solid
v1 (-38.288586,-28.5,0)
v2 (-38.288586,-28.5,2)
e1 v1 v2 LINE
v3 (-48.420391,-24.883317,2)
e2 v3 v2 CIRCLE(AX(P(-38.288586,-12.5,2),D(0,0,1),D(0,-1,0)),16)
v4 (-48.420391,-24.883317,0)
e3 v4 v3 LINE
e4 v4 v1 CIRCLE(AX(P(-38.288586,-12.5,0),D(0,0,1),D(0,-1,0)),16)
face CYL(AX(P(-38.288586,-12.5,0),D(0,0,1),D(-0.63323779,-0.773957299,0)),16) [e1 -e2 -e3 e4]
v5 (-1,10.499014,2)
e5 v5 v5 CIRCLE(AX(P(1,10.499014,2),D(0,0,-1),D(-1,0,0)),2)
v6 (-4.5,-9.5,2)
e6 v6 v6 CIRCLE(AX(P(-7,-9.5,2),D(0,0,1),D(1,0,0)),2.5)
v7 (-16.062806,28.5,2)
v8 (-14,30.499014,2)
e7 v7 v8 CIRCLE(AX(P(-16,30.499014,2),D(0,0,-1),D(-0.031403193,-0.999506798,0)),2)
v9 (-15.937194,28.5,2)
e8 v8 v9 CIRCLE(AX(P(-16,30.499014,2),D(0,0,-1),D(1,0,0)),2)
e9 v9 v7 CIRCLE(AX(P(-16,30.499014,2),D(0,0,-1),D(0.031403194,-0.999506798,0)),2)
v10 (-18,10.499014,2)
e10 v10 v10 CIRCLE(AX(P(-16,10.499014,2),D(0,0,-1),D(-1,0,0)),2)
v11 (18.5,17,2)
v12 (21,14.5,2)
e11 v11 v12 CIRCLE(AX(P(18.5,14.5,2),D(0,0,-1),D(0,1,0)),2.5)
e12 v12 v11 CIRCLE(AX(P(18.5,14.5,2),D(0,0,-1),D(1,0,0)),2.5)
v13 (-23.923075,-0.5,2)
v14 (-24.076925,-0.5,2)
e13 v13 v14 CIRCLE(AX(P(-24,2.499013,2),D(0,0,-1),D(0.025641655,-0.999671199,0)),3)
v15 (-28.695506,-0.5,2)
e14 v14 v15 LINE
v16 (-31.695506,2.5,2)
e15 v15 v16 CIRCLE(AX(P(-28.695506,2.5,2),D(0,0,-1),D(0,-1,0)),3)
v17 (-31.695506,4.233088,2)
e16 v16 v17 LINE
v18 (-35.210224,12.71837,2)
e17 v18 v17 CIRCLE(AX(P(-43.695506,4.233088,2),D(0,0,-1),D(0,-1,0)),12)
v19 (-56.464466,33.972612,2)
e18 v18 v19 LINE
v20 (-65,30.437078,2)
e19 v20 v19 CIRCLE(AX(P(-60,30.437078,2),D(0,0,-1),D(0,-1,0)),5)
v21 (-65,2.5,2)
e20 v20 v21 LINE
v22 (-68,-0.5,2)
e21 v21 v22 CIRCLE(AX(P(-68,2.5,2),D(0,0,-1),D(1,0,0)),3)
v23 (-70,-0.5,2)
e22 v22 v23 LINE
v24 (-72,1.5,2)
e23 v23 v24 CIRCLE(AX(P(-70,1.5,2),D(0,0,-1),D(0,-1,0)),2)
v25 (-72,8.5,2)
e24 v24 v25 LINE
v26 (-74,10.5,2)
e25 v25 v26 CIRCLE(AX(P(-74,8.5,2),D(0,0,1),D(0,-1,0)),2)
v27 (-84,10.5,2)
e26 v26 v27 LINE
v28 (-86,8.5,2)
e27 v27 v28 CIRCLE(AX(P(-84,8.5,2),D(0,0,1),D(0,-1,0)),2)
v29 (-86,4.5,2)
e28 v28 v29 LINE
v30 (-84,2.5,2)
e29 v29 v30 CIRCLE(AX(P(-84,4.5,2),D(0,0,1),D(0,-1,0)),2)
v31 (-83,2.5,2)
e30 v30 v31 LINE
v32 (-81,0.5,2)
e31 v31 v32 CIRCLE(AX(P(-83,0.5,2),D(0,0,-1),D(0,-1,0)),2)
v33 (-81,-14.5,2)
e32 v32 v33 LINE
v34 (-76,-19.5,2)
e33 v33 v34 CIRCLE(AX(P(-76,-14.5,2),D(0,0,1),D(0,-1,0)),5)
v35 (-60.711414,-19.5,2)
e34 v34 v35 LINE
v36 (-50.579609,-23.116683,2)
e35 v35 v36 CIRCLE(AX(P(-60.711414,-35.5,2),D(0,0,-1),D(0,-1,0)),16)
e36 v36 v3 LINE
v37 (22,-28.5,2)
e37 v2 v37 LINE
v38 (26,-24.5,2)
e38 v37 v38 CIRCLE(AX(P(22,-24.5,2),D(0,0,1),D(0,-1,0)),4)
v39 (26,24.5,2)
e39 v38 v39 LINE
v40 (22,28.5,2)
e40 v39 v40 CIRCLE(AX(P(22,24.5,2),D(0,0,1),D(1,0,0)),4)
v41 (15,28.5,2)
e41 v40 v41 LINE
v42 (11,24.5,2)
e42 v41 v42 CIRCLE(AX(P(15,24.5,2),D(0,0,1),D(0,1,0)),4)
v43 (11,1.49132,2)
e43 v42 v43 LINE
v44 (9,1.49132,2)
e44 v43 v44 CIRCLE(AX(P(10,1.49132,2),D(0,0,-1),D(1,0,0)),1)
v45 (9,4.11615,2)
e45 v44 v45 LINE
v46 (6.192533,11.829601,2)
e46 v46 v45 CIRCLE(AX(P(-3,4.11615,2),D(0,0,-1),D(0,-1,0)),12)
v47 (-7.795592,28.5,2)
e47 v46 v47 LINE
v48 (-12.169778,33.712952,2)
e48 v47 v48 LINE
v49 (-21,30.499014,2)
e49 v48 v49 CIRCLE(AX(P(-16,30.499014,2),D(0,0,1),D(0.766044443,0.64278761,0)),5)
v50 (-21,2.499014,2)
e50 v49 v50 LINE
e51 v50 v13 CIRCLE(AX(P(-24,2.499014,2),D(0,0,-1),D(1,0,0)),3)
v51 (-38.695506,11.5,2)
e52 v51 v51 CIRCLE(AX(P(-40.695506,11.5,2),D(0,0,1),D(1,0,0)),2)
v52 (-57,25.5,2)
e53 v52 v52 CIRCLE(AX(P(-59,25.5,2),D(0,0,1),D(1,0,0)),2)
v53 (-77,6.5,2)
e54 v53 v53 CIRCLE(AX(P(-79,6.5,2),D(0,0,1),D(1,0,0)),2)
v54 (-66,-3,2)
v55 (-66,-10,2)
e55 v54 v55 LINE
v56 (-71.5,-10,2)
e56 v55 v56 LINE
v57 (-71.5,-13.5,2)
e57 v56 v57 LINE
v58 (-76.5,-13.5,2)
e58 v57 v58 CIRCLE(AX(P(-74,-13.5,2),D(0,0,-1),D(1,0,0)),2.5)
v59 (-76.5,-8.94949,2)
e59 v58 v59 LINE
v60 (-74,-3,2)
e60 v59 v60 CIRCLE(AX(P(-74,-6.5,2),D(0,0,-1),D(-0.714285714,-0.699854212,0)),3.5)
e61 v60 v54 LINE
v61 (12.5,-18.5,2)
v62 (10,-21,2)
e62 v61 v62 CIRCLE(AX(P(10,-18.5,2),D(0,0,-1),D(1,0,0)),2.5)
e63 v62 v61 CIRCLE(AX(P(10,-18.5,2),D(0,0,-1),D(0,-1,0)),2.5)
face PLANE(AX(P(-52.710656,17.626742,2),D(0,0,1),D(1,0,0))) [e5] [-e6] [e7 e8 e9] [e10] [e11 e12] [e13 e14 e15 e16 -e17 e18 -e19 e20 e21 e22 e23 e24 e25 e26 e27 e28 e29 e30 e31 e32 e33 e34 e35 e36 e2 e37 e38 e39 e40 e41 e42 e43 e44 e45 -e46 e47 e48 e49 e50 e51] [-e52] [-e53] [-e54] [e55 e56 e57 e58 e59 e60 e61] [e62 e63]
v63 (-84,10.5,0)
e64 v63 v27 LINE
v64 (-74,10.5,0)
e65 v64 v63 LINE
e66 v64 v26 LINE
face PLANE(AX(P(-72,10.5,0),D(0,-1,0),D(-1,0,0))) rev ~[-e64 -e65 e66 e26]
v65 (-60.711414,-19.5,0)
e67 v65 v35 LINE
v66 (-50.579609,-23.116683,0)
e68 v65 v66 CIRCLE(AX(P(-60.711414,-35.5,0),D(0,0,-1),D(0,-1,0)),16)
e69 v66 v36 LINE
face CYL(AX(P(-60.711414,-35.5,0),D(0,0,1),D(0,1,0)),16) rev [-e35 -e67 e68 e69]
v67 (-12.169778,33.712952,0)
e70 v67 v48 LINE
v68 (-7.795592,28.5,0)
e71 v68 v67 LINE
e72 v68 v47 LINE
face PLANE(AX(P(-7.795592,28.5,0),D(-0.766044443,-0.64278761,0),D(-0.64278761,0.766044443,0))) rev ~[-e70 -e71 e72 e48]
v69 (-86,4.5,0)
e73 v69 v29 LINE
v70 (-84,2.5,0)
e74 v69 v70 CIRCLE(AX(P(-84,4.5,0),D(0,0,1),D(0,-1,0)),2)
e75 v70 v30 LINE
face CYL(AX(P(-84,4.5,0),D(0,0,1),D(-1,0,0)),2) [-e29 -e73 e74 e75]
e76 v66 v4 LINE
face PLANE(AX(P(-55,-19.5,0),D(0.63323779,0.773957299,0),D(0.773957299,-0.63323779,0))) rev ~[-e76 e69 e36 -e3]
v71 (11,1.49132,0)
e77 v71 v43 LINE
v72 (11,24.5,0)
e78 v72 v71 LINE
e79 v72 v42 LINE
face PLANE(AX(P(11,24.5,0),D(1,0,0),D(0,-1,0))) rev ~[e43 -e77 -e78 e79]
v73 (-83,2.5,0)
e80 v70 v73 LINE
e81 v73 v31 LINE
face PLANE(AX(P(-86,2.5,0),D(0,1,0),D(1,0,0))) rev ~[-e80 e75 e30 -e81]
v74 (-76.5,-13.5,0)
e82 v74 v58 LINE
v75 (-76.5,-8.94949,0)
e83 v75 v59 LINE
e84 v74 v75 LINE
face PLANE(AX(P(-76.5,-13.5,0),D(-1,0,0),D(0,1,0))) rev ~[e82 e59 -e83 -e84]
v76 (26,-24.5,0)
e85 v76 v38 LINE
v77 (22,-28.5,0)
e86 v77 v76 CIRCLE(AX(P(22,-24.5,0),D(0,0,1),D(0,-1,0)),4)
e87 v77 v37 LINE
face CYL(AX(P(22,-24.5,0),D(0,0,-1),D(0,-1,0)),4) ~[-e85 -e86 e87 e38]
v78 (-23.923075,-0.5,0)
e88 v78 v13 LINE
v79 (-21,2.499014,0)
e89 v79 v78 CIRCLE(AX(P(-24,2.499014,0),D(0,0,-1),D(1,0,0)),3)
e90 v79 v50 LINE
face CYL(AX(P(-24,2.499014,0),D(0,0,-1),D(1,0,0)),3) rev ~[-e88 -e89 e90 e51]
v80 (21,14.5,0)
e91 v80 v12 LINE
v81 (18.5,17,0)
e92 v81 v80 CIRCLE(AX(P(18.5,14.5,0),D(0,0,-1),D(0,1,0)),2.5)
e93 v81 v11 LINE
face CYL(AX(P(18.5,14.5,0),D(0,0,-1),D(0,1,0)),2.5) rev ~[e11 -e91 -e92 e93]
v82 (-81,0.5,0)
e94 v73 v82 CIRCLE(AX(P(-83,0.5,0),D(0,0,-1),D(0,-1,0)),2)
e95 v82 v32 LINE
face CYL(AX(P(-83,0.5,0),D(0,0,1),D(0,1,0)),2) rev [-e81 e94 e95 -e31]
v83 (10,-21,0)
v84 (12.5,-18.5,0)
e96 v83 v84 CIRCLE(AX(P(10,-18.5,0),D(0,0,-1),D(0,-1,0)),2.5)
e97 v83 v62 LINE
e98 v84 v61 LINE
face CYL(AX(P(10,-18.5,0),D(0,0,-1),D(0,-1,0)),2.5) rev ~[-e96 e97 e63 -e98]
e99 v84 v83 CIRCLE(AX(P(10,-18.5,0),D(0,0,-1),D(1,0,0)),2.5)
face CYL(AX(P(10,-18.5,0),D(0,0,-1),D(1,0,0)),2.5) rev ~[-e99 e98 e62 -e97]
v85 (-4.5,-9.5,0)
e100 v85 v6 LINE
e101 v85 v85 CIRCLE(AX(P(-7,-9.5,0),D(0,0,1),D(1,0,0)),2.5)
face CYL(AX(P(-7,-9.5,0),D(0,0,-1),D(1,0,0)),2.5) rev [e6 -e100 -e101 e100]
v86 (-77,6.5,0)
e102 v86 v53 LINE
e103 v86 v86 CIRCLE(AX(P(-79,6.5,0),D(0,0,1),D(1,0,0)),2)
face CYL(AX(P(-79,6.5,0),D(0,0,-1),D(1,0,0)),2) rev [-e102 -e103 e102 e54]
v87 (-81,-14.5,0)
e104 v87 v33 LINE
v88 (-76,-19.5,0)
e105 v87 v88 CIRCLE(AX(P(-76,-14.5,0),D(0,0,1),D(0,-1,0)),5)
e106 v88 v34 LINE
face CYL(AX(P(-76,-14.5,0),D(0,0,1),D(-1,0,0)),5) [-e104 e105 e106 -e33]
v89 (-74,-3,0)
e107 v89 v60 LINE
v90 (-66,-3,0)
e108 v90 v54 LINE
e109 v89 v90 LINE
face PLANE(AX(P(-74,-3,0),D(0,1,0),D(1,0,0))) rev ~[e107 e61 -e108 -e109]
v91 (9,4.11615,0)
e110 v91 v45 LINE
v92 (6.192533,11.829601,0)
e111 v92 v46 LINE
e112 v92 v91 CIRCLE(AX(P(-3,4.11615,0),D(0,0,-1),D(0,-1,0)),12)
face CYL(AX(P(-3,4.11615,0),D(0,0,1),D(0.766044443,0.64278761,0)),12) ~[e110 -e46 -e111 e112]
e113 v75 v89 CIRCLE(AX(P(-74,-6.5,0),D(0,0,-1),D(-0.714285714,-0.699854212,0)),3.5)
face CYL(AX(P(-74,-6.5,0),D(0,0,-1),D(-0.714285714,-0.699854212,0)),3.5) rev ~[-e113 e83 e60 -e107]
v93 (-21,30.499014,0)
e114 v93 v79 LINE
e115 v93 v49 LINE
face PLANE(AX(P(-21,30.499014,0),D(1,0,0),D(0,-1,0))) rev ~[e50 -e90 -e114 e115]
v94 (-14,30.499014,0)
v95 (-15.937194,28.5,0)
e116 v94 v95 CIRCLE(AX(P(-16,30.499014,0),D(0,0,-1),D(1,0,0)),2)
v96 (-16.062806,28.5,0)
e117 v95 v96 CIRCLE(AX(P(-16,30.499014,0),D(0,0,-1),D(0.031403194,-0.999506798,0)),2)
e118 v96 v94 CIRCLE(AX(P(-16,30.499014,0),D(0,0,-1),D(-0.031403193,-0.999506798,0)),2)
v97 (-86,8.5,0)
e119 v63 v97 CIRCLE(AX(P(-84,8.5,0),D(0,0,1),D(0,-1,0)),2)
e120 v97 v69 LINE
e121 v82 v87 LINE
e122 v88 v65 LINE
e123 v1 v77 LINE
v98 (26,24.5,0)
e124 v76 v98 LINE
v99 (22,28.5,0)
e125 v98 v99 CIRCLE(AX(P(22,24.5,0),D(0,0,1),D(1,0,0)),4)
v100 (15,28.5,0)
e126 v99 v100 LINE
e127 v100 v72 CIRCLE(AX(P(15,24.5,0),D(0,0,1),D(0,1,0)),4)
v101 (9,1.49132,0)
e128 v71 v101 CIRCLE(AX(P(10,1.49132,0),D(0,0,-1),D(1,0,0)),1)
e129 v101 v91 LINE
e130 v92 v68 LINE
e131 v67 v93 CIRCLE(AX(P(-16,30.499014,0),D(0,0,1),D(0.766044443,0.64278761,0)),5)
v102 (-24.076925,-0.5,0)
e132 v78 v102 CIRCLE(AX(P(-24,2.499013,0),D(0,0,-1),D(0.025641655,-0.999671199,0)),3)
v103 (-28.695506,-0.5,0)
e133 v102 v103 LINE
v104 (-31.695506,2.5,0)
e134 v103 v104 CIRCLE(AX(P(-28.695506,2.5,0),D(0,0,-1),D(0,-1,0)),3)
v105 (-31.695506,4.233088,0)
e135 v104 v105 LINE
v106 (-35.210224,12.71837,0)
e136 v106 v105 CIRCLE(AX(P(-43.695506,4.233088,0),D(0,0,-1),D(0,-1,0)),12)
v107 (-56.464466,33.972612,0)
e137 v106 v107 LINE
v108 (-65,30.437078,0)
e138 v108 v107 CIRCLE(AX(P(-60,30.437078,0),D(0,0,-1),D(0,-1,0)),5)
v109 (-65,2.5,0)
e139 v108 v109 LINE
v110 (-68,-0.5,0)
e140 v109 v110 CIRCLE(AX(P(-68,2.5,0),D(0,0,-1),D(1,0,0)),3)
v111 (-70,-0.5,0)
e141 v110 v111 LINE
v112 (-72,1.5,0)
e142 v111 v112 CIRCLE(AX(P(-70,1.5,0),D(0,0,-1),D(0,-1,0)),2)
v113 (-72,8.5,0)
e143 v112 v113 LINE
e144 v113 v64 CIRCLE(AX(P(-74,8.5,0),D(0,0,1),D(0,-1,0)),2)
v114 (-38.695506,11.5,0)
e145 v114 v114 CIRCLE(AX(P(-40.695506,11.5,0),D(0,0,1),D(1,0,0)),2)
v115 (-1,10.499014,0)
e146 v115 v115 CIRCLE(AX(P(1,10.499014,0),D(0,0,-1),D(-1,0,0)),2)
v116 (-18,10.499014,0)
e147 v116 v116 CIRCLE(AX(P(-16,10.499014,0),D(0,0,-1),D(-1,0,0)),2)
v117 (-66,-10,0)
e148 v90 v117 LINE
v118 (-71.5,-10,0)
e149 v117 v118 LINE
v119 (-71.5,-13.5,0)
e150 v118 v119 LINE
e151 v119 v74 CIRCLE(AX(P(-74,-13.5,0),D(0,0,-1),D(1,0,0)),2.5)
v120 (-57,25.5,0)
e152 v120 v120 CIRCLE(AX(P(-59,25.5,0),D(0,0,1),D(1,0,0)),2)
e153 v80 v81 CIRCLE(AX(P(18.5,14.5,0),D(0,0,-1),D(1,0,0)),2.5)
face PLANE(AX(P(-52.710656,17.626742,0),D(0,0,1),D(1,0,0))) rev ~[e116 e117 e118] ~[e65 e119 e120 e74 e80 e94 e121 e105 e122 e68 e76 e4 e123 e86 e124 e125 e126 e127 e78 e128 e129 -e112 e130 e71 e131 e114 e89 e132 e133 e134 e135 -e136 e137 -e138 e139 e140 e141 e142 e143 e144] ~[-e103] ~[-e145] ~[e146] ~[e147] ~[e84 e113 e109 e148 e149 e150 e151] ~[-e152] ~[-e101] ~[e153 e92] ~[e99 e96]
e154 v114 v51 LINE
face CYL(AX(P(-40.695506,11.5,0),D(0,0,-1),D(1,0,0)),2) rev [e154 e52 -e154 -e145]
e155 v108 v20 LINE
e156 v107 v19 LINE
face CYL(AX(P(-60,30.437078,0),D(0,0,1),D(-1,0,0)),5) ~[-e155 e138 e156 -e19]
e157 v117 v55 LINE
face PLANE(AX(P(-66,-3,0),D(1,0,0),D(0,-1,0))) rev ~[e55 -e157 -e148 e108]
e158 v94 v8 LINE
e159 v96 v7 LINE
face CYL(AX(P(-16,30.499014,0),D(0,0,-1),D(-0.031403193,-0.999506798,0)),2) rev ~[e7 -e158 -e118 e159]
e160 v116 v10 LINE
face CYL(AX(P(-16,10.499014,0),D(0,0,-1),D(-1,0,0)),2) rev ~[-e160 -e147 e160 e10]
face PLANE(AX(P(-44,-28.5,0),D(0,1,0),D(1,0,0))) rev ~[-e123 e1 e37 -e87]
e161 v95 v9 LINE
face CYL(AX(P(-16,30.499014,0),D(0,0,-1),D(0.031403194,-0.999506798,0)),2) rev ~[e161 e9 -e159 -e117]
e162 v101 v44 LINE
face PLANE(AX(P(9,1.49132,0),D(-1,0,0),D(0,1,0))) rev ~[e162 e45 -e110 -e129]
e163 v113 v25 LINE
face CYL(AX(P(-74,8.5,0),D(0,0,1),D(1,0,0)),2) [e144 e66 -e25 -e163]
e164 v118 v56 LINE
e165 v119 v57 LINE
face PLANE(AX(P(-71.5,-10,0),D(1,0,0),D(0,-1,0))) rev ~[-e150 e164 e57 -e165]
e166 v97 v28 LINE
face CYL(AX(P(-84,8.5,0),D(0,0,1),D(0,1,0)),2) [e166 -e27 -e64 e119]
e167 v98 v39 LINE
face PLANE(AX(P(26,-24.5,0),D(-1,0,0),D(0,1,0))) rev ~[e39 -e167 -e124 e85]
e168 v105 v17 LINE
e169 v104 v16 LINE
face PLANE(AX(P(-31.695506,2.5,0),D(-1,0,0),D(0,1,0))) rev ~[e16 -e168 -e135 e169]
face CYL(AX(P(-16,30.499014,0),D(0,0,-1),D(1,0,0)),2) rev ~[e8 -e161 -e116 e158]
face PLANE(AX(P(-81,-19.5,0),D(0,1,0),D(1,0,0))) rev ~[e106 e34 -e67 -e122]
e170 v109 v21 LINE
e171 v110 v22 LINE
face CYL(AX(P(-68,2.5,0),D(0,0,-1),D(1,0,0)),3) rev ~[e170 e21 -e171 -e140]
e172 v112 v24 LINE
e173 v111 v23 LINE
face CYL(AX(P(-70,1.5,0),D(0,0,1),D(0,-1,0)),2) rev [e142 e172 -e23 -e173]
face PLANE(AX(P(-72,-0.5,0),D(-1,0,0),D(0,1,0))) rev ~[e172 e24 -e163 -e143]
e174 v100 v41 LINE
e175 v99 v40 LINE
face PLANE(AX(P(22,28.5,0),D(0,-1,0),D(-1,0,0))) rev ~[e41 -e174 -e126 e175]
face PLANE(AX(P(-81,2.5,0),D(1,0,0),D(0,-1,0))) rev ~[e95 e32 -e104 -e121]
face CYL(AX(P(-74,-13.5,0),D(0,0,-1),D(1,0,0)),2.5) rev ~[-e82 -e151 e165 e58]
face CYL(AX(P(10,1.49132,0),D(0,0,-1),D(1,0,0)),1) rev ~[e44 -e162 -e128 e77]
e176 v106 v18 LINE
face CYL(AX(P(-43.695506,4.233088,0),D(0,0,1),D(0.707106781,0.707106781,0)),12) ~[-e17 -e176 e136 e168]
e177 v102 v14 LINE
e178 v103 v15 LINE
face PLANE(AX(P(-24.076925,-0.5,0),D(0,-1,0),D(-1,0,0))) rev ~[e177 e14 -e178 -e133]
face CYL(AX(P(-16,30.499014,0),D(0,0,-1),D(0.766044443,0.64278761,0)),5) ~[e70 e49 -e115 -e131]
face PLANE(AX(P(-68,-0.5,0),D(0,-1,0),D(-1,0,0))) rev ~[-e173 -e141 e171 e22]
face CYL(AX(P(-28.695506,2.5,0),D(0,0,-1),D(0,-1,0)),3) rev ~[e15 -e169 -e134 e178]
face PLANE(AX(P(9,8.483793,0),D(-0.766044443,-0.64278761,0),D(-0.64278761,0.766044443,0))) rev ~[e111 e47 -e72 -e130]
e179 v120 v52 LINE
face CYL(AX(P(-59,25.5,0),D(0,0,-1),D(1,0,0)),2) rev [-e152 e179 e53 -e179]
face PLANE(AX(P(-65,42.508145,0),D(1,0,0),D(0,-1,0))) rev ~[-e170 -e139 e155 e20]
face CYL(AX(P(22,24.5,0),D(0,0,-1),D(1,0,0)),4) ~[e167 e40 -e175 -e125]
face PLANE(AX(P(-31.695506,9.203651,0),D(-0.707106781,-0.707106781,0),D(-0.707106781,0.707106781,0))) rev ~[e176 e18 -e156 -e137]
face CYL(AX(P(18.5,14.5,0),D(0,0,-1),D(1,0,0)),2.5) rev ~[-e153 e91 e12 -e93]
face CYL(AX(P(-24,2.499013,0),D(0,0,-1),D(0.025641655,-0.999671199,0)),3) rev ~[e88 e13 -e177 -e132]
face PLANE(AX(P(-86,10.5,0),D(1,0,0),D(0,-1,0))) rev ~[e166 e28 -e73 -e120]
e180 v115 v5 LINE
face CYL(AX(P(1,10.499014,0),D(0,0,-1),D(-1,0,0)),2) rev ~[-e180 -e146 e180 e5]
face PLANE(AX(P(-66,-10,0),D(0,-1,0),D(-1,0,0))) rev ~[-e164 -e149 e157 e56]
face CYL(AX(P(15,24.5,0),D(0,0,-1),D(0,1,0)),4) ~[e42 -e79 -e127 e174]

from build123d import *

# Parameters (mm, degrees)
F0_R     = 2
F0_R_2   = 2.5
F1_DEPTH = 2
F2_R     = 2
F3_R     = 5
F4_R     = 12
F5_R     = 5
F6_R     = 16


with BuildPart() as f1:
    # F0 (on Top) → F1 (new body)
    with BuildSketch(Plane.XY):
        Polygon((-40.6955056692, 2.5), (-31.6955056692, 2.5), (-31.6955056692, 9.2036510807), (-65, 42.5081454115), (-65, 34.5), (-65, 2.5), align=None)
        with Locations((-40.6955056692, 11.5)):
            Circle(F0_R, mode=Mode.SUBTRACT)
        with Locations((-59, 25.5)):
            Circle(F0_R, mode=Mode.SUBTRACT)
        with BuildLine():
            Line((-44, -28.5), (-26, -28.5))
            Line((-26, -28.5), (-26, -0.5))
            Line((-26, -0.5), (-28.6955056692, -0.5))
            ThreePointArc((-28.6955056692, -0.5), (-30.8168260127, 0.3786796564), (-31.6955056692, 2.5))
            Line((-31.6955056692, 2.5), (-40.6955056692, 2.5))
            Line((-40.6955056692, 2.5), (-65, 2.5))
            ThreePointArc((-65, 2.5), (-65.8786796564, 0.3786796564), (-68, -0.5))
            Line((-68, -0.5), (-68, -3))
            Line((-68, -3), (-66, -3))
            Line((-66, -3), (-66, -10))
            Line((-66, -10), (-68, -10))
            Line((-68, -10), (-68, -19.5))
            Line((-68, -19.5), (-55, -19.5))
            Line((-55, -19.5), (-44, -28.5))
        make_face()
        Polygon((-74, -3), (-68, -3), (-68, -0.5), (-72, -0.5), (-74, -0.5), align=None)
        with BuildLine():
            Line((-81, -19.5), (-68, -19.5))
            Line((-68, -19.5), (-68, -10))
            Line((-68, -10), (-71.5, -10))
            Line((-71.5, -10), (-71.5, -13.5))
            ThreePointArc((-71.5, -13.5), (-74, -16), (-76.5, -13.5))
            Line((-76.5, -13.5), (-76.5, -8.9494897428))
            ThreePointArc((-76.5, -8.9494897428), (-77.2267021942, -5.1441264992), (-74, -3))
            Line((-74, -3), (-74, -0.5))
            Line((-74, -0.5), (-81, -0.5))
            Line((-81, -0.5), (-81, -19.5))
        make_face()
        Polygon((-81, 2.5), (-81, -0.5), (-74, -0.5), (-72, -0.5), (-72, 10.5), (-86, 10.5), (-86, 2.5), align=None)
        with Locations((-79, 6.5)):
            Circle(F0_R, mode=Mode.SUBTRACT)
        with BuildLine():
            ThreePointArc((26, 24.5), (24.8284271247, 27.3284271247), (22, 28.5))
            Line((22, 28.5), (18.5, 28.5))
            Line((18.5, 28.5), (15, 28.5))
            ThreePointArc((15, 28.5), (12.1715728753, 27.3284271247), (11, 24.5))
            Line((11, 24.5), (11, 2.5))
            Line((11, 2.5), (11, 1.4913195046))
            ThreePointArc((11, 1.4913195046), (10, 0.4913195046), (9, 1.4913195046))
            Line((9, 1.4913195046), (9, 2.4990135962))
            Line((9, 2.4990135962), (9, 8.4837929157))
            Line((9, 8.4837929157), (-7.795591982, 28.5))
            Line((-7.795591982, 28.5), (-15.9371936145, 28.5))
            ThreePointArc((-15.9371936145, 28.5), (-16, 28.4990135962), (-16.0628063855, 28.5))
            Line((-16.0628063855, 28.5), (-21, 28.5))
            Line((-21, 28.5), (-21, 10.4990135962))
            Line((-21, 10.4990135962), (-21, 2.4990135962))
            ThreePointArc((-21, 2.4990135962), (-21.8516547202, 0.4050669496), (-23.9230750393, -0.5))
            ThreePointArc((-23.9230750393, -0.5), (-24, -0.5009864038), (-24.0769249607, -0.5))
            Line((-24.0769249607, -0.5), (-26, -0.5))
            Line((-26, -0.5), (-26, -28.5))
            Line((-26, -28.5), (-7, -28.5))
            Line((-7, -28.5), (9, -28.5))
            Line((9, -28.5), (10, -28.5))
            Line((10, -28.5), (11, -28.5))
            Line((11, -28.5), (22, -28.5))
            ThreePointArc((22, -28.5), (24.8284271247, -27.3284271247), (26, -24.5))
            Line((26, -24.5), (26, 24.5))
        make_face()
        with BuildLine():
            ThreePointArc((12.5, -18.5), (11.767766953, -20.267766953), (10, -21))
            ThreePointArc((10, -21), (8.232233047, -16.732233047), (12.5, -18.5))
        make_face(mode=Mode.SUBTRACT)
        with Locations((-7, -9.5)):
            Circle(F0_R_2, mode=Mode.SUBTRACT)
        with BuildLine():
            ThreePointArc((-14, 10.4990135962), (-16, 8.4990135962), (-18, 10.4990135962))
            ThreePointArc((-18, 10.4990135962), (-16, 12.4990135962), (-14, 10.4990135962))
        make_face(mode=Mode.SUBTRACT)
        with BuildLine():
            ThreePointArc((3, 10.4990135962), (1, 8.4990135962), (-1, 10.4990135962))
            ThreePointArc((-1, 10.4990135962), (1, 12.4990135962), (3, 10.4990135962))
        make_face(mode=Mode.SUBTRACT)
        with BuildLine():
            ThreePointArc((21, 14.5), (16.732233047, 12.732233047), (18.5, 17))
            ThreePointArc((18.5, 17), (20.267766953, 16.267766953), (21, 14.5))
        make_face(mode=Mode.SUBTRACT)
        with BuildLine():
            Line((-15.9371936145, 28.5), (-7.795591982, 28.5))
            Line((-7.795591982, 28.5), (-12.1697777844, 33.7129516447))
            ThreePointArc((-12.1697777844, 33.7129516447), (-17.7101007166, 35.1974767002), (-21, 30.4990135962))
            Line((-21, 30.4990135962), (-21, 28.5))
            Line((-21, 28.5), (-16.0628063855, 28.5))
            ThreePointArc((-16.0628063855, 28.5), (-17.3918310294, 31.9352609236), (-14, 30.4990135962))
            ThreePointArc((-14, 30.4990135962), (-14.5637526726, 29.1071825668), (-15.9371936145, 28.5))
        make_face()
    extrude(amount=F1_DEPTH)

    # F2
    f2_edges = [f1.edges().sort_by_distance(p)[0] for p in [
        (-72, 10.5, 1),
        (-86, 10.5, 1),
        (-86, 2.5, 1),
        (-81, 2.5, 1),
        (-72, -0.5, 1),
    ]]
    fillet(f2_edges, radius=F2_R)

    # F3
    f3_edges = [f1.edges().sort_by_distance(p)[0] for p in [
        (-65, 42.508145, 1),
    ]]
    fillet(f3_edges, radius=F3_R)

    # F4
    f4_edges = [f1.edges().sort_by_distance(p)[0] for p in [
        (-31.695506, 9.203651, 1),
        (9, 8.483793, 1),
    ]]
    fillet(f4_edges, radius=F4_R)

    # F5
    f5_edges = [f1.edges().sort_by_distance(p)[0] for p in [
        (-81, -19.5, 1),
    ]]
    fillet(f5_edges, radius=F5_R)

    # F6
    f6_edges = [f1.edges().sort_by_distance(p)[0] for p in [
        (-55, -19.5, 1),
        (-44, -28.5, 1),
    ]]
    fillet(f6_edges, radius=F6_R)


solid = f1.part
